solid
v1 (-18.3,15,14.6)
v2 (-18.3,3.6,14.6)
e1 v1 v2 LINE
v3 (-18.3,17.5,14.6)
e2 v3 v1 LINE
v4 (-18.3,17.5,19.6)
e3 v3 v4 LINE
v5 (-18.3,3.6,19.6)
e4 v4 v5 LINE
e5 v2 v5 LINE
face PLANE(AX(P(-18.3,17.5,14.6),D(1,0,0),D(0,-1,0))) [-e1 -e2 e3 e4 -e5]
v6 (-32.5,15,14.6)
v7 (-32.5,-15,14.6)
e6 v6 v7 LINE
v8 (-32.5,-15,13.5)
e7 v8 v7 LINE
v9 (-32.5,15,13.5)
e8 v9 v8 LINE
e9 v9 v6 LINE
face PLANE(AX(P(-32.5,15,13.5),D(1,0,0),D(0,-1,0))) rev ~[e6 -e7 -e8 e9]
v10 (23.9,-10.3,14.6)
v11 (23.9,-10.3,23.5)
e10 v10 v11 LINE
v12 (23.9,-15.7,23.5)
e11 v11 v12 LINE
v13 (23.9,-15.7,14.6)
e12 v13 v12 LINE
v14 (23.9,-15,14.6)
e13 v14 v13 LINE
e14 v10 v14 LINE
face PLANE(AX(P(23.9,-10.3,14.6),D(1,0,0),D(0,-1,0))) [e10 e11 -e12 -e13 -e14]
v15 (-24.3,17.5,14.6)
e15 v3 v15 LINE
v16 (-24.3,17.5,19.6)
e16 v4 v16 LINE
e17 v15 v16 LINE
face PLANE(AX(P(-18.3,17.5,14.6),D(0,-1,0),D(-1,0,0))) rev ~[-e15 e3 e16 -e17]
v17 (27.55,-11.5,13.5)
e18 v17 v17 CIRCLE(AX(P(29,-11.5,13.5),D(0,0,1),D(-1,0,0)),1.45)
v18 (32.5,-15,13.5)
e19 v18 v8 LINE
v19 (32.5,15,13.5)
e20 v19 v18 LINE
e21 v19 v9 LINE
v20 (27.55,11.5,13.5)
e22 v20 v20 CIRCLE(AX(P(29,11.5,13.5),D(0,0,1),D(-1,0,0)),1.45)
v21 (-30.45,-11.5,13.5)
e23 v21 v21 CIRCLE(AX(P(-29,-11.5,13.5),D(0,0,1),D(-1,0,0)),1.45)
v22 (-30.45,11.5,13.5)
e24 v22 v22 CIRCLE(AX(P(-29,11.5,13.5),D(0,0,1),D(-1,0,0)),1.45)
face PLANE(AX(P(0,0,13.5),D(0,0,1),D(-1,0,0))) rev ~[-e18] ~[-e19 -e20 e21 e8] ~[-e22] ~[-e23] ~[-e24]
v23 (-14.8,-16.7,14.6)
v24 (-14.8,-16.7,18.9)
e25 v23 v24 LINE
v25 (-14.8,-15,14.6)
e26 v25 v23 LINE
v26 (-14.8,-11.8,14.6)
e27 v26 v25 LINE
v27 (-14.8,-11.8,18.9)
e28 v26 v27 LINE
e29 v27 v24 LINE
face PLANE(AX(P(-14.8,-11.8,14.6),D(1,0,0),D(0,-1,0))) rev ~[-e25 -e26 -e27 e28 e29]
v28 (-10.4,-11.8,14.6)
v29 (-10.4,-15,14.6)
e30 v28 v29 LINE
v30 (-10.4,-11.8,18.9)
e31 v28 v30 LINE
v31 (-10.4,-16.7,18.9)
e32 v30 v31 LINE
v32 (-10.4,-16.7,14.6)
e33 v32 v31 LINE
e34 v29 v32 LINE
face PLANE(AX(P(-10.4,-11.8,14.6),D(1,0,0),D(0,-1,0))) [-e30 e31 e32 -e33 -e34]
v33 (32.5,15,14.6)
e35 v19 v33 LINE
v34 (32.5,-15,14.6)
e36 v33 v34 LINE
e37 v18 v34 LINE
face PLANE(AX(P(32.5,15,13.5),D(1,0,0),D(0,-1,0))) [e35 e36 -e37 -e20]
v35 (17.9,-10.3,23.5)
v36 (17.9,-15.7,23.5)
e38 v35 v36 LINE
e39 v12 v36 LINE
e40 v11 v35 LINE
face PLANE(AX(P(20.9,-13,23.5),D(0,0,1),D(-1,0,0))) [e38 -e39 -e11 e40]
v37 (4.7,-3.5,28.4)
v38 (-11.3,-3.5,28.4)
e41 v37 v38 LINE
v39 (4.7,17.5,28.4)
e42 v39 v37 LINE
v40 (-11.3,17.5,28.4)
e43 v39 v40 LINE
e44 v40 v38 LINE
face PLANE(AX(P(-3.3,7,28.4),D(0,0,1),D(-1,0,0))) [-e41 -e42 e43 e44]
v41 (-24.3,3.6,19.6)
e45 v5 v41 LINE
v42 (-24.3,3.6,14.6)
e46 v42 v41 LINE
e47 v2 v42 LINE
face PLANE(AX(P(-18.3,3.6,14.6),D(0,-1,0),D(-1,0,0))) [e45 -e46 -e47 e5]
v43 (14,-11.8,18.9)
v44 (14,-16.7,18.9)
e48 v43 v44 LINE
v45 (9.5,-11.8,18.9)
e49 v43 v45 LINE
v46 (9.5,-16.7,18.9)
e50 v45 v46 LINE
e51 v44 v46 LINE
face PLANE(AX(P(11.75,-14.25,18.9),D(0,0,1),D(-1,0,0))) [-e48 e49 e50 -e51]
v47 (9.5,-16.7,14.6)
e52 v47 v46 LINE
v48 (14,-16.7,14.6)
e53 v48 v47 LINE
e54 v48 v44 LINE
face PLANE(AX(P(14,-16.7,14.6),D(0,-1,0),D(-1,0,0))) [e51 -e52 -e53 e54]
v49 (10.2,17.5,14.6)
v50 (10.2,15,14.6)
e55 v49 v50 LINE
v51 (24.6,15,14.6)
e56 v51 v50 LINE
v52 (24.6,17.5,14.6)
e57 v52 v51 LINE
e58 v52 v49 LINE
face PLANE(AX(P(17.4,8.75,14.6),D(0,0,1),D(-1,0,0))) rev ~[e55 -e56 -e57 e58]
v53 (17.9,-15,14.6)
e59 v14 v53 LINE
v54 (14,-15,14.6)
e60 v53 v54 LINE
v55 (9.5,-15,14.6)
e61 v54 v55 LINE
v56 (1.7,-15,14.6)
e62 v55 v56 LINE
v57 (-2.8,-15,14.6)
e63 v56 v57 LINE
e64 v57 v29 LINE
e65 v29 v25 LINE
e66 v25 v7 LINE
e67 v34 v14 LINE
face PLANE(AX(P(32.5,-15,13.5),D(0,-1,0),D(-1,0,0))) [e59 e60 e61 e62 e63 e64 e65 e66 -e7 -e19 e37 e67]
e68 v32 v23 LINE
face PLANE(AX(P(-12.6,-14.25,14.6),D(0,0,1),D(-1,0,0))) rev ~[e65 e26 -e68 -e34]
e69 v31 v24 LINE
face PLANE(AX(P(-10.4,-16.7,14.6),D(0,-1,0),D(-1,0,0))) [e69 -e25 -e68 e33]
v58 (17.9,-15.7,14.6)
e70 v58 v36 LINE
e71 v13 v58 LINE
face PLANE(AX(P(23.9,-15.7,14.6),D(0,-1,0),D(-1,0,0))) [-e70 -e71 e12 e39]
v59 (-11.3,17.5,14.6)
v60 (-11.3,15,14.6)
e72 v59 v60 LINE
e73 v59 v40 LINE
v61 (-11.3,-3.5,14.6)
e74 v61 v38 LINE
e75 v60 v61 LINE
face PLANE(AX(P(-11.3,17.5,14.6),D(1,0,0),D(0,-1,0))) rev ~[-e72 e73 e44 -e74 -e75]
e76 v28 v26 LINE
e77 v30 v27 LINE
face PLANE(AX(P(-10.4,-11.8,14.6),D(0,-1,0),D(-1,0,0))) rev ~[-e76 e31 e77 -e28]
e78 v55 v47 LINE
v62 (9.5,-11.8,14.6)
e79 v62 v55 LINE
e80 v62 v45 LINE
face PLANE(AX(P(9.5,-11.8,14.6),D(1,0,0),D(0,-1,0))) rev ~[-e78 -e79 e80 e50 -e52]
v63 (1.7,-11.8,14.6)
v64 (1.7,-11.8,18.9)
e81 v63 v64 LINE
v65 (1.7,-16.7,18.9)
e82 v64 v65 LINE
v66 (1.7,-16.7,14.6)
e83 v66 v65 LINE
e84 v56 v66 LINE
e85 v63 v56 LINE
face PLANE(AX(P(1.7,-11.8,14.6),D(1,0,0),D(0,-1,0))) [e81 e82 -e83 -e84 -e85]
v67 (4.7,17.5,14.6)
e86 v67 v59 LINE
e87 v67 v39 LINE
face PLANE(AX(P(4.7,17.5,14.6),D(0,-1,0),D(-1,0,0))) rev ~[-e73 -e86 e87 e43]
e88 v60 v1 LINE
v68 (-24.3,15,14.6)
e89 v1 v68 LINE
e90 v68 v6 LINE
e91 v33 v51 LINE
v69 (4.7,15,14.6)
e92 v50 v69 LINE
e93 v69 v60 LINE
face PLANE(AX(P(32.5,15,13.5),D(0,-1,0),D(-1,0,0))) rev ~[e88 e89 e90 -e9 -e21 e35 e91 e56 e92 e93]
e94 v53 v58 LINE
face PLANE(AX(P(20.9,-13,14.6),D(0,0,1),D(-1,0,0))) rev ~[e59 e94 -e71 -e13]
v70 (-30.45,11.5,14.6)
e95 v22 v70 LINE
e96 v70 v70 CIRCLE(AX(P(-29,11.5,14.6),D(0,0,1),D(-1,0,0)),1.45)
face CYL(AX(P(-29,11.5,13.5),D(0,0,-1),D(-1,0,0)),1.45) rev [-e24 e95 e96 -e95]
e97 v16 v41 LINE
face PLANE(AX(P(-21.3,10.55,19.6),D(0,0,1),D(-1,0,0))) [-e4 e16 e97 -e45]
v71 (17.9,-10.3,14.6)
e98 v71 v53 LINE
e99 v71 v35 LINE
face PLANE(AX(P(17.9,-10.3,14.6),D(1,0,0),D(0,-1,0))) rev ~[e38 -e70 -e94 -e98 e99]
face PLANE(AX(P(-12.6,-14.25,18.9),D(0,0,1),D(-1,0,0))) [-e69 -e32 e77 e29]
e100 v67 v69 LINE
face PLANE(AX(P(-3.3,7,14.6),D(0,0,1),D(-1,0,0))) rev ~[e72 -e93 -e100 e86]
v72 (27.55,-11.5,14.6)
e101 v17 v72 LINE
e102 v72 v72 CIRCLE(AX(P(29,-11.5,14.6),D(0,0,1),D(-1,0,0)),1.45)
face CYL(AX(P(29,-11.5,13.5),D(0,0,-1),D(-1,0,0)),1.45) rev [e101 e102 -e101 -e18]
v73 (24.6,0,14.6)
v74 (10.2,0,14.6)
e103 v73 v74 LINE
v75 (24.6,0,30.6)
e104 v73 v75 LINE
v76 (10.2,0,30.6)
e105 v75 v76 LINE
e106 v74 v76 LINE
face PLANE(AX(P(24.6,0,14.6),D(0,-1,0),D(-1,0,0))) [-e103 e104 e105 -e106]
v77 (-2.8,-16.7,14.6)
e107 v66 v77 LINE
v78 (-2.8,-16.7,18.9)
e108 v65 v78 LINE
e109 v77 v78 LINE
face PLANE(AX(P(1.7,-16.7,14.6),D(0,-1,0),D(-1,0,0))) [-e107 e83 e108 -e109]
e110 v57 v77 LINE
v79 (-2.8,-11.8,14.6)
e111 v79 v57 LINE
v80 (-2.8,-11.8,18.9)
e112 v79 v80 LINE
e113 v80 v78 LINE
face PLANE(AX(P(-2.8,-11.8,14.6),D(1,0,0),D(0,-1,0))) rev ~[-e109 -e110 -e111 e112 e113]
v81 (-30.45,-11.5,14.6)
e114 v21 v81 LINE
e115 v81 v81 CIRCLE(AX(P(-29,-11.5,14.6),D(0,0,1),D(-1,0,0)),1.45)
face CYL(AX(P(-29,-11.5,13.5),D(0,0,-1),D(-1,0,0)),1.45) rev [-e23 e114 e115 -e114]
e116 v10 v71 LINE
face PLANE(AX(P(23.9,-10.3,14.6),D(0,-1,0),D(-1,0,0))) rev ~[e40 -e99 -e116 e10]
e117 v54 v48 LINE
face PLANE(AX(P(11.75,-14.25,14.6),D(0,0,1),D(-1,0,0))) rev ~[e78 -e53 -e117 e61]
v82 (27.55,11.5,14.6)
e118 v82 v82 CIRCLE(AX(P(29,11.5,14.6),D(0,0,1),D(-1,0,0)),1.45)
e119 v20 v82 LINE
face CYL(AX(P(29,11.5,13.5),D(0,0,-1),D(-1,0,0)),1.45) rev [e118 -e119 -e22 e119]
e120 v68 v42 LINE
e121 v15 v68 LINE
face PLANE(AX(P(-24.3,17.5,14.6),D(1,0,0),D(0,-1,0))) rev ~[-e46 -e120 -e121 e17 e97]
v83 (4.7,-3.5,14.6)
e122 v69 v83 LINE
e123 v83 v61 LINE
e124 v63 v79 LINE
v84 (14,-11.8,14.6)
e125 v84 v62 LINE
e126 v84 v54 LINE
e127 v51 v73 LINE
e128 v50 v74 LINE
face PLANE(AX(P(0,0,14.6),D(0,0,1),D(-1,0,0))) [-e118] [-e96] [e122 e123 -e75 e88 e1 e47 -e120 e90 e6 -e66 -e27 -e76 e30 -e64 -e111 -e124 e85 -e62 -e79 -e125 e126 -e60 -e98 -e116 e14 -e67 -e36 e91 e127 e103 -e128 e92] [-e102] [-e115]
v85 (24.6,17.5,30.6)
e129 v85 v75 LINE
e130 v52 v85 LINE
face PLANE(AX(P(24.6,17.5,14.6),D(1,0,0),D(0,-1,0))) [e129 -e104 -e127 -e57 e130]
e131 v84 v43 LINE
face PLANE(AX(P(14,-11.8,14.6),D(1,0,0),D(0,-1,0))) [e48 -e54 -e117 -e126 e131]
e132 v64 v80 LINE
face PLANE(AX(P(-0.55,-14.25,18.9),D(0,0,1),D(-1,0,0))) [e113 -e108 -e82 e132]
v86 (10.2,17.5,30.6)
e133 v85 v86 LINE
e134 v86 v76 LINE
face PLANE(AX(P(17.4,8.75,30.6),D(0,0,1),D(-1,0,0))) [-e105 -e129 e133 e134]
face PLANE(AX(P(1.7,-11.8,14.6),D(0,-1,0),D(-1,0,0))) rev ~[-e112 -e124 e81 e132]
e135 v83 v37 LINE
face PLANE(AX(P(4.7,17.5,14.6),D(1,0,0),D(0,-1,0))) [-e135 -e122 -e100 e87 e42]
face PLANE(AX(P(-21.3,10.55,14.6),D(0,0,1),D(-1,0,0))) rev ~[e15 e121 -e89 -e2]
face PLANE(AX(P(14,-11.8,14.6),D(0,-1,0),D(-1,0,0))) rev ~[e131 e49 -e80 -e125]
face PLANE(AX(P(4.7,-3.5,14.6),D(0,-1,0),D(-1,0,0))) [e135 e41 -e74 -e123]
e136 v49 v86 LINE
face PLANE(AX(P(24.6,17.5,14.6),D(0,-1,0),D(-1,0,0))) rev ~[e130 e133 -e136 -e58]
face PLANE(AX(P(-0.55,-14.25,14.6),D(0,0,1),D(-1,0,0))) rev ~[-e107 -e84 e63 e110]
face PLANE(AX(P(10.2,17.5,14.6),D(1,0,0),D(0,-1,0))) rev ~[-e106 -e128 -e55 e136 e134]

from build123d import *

# Parameters (mm, degrees)
SKETCH040_W             = 65
SKETCH040_H             = 30
SKETCH040_R             = 1.45
PAD013_DEPTH            = 1.1
SKETCH042_W             = 14.4
SKETCH042_H             = 17.5
PAD014_DEPTH            = 16
SKETCH043_W             = 16
SKETCH043_H             = 21
PAD015_DEPTH            = 13.8
SKETCH044_W             = 6
SKETCH044_H             = 13.9
PAD016_DEPTH            = 5
SKETCH045_W             = 4.4
SKETCH045_H             = 4.9
SKETCH045_W_2           = 4.5
PAD017_DEPTH            = 4.3
SKETCH046_W             = 6
SKETCH046_H             = 5.4
PAD018_DEPTH            = 8.9
BODY004_PLACEMENT_ANGLE = 180


with BuildPart() as part:
    # Sketch040 → Pad013 (new body)
    with BuildSketch(Plane.XY):
        Rectangle(SKETCH040_W, SKETCH040_H)
        with Locations((-29, 11.5)):
            Circle(SKETCH040_R, mode=Mode.SUBTRACT)
        with Locations((29, 11.5)):
            Circle(SKETCH040_R, mode=Mode.SUBTRACT)
        with Locations((29, -11.5)):
            Circle(SKETCH040_R, mode=Mode.SUBTRACT)
        with Locations((-29, -11.5)):
            Circle(SKETCH040_R, mode=Mode.SUBTRACT)
    extrude(amount=PAD013_DEPTH)

    # Sketch042 (on Face10 of Pad013) → Pad014 (join)
    with BuildSketch(Plane.XY.offset(1.1)):
        with Locations((-17.4, -8.75)):
            Rectangle(SKETCH042_W, SKETCH042_H)
    extrude(amount=PAD014_DEPTH)

    # Sketch043 (on Face5 of Pad014) → Pad015 (join)
    with BuildSketch(Plane.XY.offset(1.1)):
        with Locations((3.3, -7)):
            Rectangle(SKETCH043_W, SKETCH043_H)
    extrude(amount=PAD015_DEPTH)

    # Sketch044 (on Face5 of Pad015) → Pad016 (join)
    with BuildSketch(Plane.XY.offset(1.1)):
        with Locations((21.3, -10.55)):
            Rectangle(SKETCH044_W, SKETCH044_H)
    extrude(amount=PAD016_DEPTH)

    # Sketch045 (on Face5 of Pad016) → Pad017 (join)
    with BuildSketch(Plane.XY.offset(1.1)):
        with Locations((12.6, 14.25)):
            Rectangle(SKETCH045_W, SKETCH045_H)
        with Locations((0.55, 14.25)):
            Rectangle(SKETCH045_W_2, SKETCH045_H)
        with Locations((-11.75, 14.25)):
            Rectangle(SKETCH045_W_2, SKETCH045_H)
    extrude(amount=PAD017_DEPTH)

    # Sketch046 (on Face5 of Pad017) → Pad018 (join)
    with BuildSketch(Plane.XY.offset(1.1)):
        with Locations((-20.9, 13)):
            Rectangle(SKETCH046_W, SKETCH046_H)
    extrude(amount=PAD018_DEPTH)


with BuildPart() as part_1:
    # Body004 placement: moved
    add(part.part.moved(Location((0, 0, 13.5))).rotate(Axis((0, 0, 13.5), (0, 0, 1)), BODY004_PLACEMENT_ANGLE))


solid = part_1.part
